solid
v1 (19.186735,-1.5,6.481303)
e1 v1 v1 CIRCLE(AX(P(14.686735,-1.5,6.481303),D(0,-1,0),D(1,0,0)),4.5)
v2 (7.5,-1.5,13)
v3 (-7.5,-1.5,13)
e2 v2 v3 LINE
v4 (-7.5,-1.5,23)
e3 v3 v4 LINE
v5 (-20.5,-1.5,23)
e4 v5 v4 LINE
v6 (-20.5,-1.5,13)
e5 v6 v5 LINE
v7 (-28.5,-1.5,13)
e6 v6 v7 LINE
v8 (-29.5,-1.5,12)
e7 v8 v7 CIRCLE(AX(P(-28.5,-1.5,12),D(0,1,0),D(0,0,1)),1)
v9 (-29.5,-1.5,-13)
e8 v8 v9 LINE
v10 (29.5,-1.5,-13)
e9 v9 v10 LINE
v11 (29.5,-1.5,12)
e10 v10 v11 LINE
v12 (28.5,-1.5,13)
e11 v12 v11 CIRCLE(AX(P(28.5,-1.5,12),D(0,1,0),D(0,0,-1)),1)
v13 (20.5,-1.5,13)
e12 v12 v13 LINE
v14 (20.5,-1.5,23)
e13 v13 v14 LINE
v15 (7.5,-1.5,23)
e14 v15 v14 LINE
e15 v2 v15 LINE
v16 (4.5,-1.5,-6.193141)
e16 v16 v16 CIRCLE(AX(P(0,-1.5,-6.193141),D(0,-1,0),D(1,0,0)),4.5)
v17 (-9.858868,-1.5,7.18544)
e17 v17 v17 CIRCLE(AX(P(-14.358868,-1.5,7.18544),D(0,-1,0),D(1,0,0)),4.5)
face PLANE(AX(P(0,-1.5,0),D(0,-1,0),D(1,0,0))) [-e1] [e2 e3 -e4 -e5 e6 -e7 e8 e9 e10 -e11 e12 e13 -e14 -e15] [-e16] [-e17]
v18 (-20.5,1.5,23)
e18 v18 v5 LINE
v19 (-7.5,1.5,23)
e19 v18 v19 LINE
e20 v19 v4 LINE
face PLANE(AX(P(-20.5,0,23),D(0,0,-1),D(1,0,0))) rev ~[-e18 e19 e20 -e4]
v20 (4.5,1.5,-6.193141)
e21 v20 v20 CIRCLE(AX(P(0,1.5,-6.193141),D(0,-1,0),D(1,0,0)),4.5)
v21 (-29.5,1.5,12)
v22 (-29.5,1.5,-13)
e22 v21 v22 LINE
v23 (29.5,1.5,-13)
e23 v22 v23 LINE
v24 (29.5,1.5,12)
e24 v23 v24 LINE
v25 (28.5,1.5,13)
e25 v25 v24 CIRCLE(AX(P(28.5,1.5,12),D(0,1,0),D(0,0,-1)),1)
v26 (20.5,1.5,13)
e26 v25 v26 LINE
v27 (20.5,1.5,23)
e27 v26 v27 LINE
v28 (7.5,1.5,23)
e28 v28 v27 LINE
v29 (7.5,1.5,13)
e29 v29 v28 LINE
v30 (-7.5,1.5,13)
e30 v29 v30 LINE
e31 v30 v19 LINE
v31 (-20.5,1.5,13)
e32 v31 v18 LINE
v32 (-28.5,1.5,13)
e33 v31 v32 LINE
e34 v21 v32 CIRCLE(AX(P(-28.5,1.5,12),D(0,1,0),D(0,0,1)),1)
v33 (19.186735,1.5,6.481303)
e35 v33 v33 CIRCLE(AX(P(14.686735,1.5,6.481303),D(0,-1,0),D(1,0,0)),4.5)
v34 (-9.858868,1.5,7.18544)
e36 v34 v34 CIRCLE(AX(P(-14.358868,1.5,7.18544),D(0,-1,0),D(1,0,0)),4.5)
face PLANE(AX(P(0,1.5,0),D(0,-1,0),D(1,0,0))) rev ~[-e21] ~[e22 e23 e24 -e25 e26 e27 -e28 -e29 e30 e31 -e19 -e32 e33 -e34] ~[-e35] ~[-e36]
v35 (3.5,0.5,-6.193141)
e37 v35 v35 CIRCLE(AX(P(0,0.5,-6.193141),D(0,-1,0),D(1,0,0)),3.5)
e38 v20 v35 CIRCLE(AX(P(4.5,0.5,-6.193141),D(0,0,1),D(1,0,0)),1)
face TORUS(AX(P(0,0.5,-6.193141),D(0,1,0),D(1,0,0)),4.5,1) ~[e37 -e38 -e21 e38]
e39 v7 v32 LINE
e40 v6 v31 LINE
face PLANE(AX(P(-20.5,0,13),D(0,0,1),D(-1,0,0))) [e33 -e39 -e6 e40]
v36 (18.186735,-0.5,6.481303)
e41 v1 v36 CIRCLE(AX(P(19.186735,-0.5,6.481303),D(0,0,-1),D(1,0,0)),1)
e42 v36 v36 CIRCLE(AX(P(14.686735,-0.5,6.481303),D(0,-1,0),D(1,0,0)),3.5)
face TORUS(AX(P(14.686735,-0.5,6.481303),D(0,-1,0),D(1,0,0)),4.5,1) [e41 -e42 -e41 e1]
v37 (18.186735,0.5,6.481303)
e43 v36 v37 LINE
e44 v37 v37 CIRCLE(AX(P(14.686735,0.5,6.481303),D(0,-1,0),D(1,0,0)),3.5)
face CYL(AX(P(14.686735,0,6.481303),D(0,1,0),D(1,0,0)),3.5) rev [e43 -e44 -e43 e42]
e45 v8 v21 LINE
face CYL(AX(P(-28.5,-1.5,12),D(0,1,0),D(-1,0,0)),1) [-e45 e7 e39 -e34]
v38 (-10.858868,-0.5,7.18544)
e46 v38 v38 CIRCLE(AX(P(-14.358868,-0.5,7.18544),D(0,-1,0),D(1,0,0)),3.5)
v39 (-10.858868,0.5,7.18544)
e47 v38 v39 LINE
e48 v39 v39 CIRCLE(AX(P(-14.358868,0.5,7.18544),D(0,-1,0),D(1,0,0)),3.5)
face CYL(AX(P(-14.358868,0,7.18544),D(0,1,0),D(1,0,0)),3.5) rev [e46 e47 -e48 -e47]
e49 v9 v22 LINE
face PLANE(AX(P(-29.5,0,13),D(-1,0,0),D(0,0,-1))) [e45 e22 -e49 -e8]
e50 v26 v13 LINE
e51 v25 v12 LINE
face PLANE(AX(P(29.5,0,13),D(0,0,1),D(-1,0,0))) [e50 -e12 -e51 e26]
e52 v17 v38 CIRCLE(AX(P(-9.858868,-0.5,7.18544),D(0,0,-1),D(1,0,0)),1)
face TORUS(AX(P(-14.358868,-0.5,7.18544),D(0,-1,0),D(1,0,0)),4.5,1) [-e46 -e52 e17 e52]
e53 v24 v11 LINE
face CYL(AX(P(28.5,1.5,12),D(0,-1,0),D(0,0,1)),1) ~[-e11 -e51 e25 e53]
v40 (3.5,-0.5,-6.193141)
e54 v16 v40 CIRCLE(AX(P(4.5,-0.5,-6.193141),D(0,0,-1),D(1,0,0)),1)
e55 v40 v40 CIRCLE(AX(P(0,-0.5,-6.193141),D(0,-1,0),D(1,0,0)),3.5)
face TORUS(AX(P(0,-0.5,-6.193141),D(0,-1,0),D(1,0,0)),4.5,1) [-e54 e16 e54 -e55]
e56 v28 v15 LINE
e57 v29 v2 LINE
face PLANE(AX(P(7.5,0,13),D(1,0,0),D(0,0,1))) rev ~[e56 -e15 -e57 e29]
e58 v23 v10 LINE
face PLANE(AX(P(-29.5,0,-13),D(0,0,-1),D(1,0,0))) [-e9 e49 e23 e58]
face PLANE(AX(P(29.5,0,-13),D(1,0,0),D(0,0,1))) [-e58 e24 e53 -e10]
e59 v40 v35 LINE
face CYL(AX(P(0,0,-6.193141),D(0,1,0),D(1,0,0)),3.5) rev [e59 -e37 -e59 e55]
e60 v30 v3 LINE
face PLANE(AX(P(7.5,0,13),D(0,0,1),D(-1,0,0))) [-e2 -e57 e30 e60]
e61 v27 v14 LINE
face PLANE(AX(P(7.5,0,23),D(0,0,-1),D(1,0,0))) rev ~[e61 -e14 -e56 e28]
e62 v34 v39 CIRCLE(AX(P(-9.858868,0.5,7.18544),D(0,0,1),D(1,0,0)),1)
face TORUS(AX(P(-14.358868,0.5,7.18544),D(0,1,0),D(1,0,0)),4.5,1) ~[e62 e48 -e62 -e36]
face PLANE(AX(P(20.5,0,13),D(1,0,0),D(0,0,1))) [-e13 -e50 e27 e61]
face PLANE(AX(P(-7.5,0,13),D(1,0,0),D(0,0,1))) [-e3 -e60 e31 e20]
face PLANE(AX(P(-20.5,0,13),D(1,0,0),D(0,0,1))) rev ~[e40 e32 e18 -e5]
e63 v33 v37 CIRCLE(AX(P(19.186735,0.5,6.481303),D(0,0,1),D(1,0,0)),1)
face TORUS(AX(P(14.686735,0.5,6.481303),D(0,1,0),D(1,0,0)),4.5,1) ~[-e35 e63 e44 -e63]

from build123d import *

# Parameters (mm, degrees)
F0_R     = 3.5
F0_W     = 13
F0_H     = 10
F1_DEPTH = 1.5
F2_R     = 1
F3_R     = 1


with BuildPart() as f1:
    # F0 (on Front) → F1 (new body, symmetric)
    with BuildSketch(Plane.XZ):
        Polygon((-29.5, -13), (29.5, -13), (29.5, 13), (20.5, 13), (7.5, 13), (-7.5, 13), (-20.5, 13), (-29.5, 13), align=None)
        with Locations((0, -6.193141)):
            Circle(F0_R, mode=Mode.SUBTRACT)
        with Locations((-14.358868, 7.18544)):
            Circle(F0_R, mode=Mode.SUBTRACT)
        with Locations((14.686735, 6.481303)):
            Circle(F0_R, mode=Mode.SUBTRACT)
        with Locations((14, 18)):
            Rectangle(F0_W, F0_H)
        with Locations((-14, 18)):
            Rectangle(F0_W, F0_H)
    extrude(amount=F1_DEPTH, both=True)

    # F2
    f2_edges = [f1.edges().sort_by_distance(p)[0] for p in [
        (-29.5, 0, 13),
        (29.5, 0, 13),
        (-17.858868, -1.5, 7.18544),
        (11.186735, -1.5, 6.481303),
        (-3.5, -1.5, -6.193141),
    ]]
    fillet(f2_edges, radius=F2_R)

    # F3
    f3_edges = [f1.edges().sort_by_distance(p)[0] for p in [
        (11.186735, 1.5, 6.481303),
        (-17.858868, 1.5, 7.18544),
        (-3.5, 1.5, -6.193141),
    ]]
    fillet(f3_edges, radius=F3_R)


solid = f1.part
